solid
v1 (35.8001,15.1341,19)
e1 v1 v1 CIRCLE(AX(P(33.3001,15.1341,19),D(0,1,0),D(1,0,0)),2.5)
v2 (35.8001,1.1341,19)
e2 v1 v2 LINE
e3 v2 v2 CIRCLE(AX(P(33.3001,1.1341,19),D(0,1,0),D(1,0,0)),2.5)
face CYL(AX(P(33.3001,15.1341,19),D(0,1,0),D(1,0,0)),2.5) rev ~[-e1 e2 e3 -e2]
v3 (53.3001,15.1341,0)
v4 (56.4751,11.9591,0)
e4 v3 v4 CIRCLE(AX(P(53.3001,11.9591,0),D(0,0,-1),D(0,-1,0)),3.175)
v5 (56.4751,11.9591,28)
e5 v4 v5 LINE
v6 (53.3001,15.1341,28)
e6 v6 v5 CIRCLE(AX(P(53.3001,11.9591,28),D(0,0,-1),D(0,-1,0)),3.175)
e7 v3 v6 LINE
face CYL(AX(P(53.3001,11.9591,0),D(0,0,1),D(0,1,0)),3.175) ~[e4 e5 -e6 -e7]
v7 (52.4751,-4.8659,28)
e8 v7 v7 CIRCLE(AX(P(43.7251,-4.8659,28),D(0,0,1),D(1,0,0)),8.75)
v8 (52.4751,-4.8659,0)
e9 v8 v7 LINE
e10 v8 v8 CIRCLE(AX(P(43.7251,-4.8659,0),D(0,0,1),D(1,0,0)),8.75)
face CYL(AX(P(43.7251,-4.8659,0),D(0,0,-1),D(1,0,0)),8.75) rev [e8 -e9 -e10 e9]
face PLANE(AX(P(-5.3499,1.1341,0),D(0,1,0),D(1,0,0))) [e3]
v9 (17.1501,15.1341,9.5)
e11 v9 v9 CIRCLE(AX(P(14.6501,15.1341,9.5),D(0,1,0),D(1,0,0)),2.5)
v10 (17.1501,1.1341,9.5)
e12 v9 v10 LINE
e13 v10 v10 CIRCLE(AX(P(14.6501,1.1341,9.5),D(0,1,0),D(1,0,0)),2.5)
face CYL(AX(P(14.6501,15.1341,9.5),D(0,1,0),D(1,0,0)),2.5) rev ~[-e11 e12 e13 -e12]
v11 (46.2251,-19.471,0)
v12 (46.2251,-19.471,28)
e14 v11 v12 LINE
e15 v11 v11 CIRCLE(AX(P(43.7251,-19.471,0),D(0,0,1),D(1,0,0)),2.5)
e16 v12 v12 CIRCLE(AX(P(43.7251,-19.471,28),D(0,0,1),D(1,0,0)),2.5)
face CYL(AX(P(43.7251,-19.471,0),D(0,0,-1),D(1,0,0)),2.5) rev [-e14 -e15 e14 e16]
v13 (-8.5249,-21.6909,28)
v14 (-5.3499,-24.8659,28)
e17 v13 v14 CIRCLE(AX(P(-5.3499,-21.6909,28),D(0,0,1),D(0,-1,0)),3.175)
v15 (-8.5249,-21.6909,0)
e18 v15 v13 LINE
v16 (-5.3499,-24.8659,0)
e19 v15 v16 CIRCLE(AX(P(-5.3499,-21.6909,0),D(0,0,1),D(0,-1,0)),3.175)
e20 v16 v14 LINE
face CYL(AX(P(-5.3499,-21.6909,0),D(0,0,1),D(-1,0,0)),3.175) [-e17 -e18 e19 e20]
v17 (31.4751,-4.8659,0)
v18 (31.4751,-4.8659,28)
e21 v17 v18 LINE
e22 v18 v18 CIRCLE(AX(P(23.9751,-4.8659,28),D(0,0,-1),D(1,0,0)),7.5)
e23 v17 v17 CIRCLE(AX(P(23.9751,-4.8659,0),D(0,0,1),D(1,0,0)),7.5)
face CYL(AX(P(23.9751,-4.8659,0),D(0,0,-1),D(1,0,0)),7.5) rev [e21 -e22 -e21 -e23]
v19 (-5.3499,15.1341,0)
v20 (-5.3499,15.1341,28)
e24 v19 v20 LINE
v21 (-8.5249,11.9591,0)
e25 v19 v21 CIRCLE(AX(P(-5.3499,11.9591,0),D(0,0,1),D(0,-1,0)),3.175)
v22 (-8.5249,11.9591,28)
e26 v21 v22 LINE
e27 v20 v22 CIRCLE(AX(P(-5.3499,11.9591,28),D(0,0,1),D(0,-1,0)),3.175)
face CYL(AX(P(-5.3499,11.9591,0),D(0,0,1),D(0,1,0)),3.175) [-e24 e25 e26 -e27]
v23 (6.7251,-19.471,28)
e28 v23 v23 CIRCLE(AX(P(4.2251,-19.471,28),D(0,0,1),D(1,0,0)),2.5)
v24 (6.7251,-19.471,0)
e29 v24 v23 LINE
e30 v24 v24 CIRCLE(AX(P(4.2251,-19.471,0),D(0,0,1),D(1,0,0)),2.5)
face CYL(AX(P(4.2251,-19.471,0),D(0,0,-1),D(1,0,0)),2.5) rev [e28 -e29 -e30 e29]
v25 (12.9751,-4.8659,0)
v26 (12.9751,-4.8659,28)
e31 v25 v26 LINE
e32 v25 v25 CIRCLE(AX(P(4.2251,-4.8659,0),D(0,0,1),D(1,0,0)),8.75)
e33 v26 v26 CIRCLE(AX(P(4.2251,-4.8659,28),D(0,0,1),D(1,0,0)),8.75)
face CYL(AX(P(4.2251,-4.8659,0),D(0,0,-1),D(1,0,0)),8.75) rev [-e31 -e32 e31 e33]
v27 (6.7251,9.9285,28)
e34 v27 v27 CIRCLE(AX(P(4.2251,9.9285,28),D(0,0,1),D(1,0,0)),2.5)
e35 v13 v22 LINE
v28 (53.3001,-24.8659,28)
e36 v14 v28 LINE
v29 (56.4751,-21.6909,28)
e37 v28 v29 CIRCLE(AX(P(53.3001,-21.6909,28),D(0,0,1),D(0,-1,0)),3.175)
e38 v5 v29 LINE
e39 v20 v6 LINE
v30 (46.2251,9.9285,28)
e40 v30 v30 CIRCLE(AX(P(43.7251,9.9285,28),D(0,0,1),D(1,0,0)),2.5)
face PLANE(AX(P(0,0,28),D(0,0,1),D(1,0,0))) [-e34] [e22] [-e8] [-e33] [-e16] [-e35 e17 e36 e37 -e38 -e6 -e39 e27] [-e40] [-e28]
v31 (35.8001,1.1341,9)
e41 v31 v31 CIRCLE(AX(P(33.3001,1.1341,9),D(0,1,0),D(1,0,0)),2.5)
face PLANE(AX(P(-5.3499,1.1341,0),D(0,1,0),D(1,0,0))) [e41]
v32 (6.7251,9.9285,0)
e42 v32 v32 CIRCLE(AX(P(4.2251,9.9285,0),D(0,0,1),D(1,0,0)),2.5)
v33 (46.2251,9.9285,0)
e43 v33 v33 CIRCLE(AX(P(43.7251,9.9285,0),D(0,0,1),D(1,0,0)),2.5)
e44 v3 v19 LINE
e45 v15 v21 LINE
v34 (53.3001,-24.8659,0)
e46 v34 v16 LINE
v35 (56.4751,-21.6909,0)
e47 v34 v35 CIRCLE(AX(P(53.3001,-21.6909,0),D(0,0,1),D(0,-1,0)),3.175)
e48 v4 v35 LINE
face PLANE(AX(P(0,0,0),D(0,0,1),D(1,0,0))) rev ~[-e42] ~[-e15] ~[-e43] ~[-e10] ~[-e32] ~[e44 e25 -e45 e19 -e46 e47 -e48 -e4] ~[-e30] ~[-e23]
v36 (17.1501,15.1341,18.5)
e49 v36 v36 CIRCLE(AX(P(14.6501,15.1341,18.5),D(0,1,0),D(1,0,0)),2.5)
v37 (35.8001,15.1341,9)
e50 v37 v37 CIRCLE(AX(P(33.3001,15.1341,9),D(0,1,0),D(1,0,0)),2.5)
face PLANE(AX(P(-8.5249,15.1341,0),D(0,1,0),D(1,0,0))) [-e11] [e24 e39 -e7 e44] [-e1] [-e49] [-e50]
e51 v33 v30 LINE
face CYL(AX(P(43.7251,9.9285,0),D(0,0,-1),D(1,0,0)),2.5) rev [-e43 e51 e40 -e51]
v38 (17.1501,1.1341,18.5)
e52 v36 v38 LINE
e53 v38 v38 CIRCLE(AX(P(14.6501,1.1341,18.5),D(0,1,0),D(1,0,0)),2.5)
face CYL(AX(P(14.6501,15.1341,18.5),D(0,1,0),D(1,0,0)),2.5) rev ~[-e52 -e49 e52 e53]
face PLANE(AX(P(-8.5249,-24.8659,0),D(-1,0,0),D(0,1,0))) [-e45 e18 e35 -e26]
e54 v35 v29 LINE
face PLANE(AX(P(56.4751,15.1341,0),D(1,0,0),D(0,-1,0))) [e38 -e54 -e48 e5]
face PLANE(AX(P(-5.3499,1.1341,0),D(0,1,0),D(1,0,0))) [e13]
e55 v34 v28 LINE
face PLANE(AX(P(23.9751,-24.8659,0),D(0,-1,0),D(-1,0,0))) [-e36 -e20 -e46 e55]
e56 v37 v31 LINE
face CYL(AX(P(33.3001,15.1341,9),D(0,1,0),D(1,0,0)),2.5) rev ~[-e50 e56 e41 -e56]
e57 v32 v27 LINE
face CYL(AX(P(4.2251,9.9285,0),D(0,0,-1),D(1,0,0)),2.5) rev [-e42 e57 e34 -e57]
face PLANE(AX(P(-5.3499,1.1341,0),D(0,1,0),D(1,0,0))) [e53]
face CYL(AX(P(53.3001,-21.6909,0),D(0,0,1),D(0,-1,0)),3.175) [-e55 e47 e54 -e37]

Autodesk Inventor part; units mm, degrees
ref_plane "YZ Plane" through (0, 0, 0) normal (1, 0, 0) x (0, 1, 0)
ref_plane "XZ Plane" through (0, 0, 0) normal (0, 1, 0) x (-1, 0, 0)
ref_plane "XY Plane" through (0, 0, 0) normal (0, 0, 1) x (1, 0, 0)
sketch "Sketch1" plane through (0, 0, 0) normal (0, 0, 1) x (1, 0, 0)
  line L0 (-8.5249, 15.1341) -> (56.4751, 15.1341)
  line L1 (56.4751, 15.1341) -> (56.4751, -24.8659)
  line L2 (56.4751, -24.8659) -> (-8.5249, -24.8659)
  line L3 (-8.5249, -24.8659) -> (-8.5249, 15.1341)
  circle A0 centre (4.2251, -4.8659) radius 8.75
  line L4 (23.9751, 31.9095) -> (23.9751, -63.7078)
  circle A1 centre (43.7251, -4.8659) radius 8.75
  circle A2 centre (4.2251, 9.9285) radius 2.5
  circle A3 centre (4.2251, -19.471) radius 2.5
  circle A4 centre (43.7251, 9.9285) radius 2.5
  circle A5 centre (43.7251, -19.471) radius 2.5
  circle A6 centre (23.9751, -4.8659) radius 7.5
  point P0 (0, 0)
  dimension "d0" = 65
  dimension "d1" = 40
  dimension "d4" = 17.5
  dimension "d5" = 5
  dimension "d6" = 5
  dimension "d7" = 12.75
  dimension "d8" = 12.75
  dimension "d9" = 32.5
  dimension "d10" = 12.75
  dimension "d11" = 15
extrude "Extrusion1" add sketch "Sketch1" along normal blind 28 contours L0 L4 A6 L2 L3 | L0 L1 L2 L4 A6
fillet "Fillet1" radius 3.175 4 edges at (-8.5249, 15.1341, 14) (56.4751, 15.1341, 14) (56.4751, -24.8659, 14) (-8.5249, -24.8659, 14)
sketch "Sketch2" plane through (-5.3499, 15.1341, 0) normal (0, 1, 0) x (1, 0, 0)
  line L0 (58.65, 0) -> (58.65, -28) projected
  line L1 (0, 0) -> (58.65, 0) projected
  line L2 (0, -28) -> (0, 0) projected
  line L3 (0, -28) -> (58.65, -28) projected
  circle A0 centre (20, -9.5) radius 2.5
  circle A1 centre (38.65, -9) radius 2.5
  line L4 (-22.4443, -14) -> (82.6683, -14)
  circle A2 centre (20, -18.5) radius 2.5
  circle A3 centre (38.65, -19) radius 2.5
  point P0 (5.3499, 0)
  dimension "d15" = 5
  dimension "d16" = 5
  dimension "d19" = 20
  dimension "d21" = 20
  dimension "d22" = 4.5
  dimension "d23" = 5
  dimension "d24" = 14
  dimension "d25" = 28
extrude "Extrusion2" cut sketch "Sketch2" against normal blind 14 contours A0 | A1 | A2 | A3
thread "Thread1" size "12-24 UNC" class "2B" standard "ANSI Unified Screw Threads" full length
thread "Thread2" size "12-24 UNC" class "2B" standard "ANSI Unified Screw Threads" full length
thread "Thread3" size "12-24 UNC" class "2B" standard "ANSI Unified Screw Threads" full length
thread "Thread4" size "12-24 UNC" class "2B" standard "ANSI Unified Screw Threads" full length
equation "\"d7\" = d8"
equation "\"d10\" = d8"
equation "\"d21\" = d19"
equation "\"d23\" = d15"
equation "\"d24\" = 0.5 * d25"
properties part number "Mock Gearbox"
